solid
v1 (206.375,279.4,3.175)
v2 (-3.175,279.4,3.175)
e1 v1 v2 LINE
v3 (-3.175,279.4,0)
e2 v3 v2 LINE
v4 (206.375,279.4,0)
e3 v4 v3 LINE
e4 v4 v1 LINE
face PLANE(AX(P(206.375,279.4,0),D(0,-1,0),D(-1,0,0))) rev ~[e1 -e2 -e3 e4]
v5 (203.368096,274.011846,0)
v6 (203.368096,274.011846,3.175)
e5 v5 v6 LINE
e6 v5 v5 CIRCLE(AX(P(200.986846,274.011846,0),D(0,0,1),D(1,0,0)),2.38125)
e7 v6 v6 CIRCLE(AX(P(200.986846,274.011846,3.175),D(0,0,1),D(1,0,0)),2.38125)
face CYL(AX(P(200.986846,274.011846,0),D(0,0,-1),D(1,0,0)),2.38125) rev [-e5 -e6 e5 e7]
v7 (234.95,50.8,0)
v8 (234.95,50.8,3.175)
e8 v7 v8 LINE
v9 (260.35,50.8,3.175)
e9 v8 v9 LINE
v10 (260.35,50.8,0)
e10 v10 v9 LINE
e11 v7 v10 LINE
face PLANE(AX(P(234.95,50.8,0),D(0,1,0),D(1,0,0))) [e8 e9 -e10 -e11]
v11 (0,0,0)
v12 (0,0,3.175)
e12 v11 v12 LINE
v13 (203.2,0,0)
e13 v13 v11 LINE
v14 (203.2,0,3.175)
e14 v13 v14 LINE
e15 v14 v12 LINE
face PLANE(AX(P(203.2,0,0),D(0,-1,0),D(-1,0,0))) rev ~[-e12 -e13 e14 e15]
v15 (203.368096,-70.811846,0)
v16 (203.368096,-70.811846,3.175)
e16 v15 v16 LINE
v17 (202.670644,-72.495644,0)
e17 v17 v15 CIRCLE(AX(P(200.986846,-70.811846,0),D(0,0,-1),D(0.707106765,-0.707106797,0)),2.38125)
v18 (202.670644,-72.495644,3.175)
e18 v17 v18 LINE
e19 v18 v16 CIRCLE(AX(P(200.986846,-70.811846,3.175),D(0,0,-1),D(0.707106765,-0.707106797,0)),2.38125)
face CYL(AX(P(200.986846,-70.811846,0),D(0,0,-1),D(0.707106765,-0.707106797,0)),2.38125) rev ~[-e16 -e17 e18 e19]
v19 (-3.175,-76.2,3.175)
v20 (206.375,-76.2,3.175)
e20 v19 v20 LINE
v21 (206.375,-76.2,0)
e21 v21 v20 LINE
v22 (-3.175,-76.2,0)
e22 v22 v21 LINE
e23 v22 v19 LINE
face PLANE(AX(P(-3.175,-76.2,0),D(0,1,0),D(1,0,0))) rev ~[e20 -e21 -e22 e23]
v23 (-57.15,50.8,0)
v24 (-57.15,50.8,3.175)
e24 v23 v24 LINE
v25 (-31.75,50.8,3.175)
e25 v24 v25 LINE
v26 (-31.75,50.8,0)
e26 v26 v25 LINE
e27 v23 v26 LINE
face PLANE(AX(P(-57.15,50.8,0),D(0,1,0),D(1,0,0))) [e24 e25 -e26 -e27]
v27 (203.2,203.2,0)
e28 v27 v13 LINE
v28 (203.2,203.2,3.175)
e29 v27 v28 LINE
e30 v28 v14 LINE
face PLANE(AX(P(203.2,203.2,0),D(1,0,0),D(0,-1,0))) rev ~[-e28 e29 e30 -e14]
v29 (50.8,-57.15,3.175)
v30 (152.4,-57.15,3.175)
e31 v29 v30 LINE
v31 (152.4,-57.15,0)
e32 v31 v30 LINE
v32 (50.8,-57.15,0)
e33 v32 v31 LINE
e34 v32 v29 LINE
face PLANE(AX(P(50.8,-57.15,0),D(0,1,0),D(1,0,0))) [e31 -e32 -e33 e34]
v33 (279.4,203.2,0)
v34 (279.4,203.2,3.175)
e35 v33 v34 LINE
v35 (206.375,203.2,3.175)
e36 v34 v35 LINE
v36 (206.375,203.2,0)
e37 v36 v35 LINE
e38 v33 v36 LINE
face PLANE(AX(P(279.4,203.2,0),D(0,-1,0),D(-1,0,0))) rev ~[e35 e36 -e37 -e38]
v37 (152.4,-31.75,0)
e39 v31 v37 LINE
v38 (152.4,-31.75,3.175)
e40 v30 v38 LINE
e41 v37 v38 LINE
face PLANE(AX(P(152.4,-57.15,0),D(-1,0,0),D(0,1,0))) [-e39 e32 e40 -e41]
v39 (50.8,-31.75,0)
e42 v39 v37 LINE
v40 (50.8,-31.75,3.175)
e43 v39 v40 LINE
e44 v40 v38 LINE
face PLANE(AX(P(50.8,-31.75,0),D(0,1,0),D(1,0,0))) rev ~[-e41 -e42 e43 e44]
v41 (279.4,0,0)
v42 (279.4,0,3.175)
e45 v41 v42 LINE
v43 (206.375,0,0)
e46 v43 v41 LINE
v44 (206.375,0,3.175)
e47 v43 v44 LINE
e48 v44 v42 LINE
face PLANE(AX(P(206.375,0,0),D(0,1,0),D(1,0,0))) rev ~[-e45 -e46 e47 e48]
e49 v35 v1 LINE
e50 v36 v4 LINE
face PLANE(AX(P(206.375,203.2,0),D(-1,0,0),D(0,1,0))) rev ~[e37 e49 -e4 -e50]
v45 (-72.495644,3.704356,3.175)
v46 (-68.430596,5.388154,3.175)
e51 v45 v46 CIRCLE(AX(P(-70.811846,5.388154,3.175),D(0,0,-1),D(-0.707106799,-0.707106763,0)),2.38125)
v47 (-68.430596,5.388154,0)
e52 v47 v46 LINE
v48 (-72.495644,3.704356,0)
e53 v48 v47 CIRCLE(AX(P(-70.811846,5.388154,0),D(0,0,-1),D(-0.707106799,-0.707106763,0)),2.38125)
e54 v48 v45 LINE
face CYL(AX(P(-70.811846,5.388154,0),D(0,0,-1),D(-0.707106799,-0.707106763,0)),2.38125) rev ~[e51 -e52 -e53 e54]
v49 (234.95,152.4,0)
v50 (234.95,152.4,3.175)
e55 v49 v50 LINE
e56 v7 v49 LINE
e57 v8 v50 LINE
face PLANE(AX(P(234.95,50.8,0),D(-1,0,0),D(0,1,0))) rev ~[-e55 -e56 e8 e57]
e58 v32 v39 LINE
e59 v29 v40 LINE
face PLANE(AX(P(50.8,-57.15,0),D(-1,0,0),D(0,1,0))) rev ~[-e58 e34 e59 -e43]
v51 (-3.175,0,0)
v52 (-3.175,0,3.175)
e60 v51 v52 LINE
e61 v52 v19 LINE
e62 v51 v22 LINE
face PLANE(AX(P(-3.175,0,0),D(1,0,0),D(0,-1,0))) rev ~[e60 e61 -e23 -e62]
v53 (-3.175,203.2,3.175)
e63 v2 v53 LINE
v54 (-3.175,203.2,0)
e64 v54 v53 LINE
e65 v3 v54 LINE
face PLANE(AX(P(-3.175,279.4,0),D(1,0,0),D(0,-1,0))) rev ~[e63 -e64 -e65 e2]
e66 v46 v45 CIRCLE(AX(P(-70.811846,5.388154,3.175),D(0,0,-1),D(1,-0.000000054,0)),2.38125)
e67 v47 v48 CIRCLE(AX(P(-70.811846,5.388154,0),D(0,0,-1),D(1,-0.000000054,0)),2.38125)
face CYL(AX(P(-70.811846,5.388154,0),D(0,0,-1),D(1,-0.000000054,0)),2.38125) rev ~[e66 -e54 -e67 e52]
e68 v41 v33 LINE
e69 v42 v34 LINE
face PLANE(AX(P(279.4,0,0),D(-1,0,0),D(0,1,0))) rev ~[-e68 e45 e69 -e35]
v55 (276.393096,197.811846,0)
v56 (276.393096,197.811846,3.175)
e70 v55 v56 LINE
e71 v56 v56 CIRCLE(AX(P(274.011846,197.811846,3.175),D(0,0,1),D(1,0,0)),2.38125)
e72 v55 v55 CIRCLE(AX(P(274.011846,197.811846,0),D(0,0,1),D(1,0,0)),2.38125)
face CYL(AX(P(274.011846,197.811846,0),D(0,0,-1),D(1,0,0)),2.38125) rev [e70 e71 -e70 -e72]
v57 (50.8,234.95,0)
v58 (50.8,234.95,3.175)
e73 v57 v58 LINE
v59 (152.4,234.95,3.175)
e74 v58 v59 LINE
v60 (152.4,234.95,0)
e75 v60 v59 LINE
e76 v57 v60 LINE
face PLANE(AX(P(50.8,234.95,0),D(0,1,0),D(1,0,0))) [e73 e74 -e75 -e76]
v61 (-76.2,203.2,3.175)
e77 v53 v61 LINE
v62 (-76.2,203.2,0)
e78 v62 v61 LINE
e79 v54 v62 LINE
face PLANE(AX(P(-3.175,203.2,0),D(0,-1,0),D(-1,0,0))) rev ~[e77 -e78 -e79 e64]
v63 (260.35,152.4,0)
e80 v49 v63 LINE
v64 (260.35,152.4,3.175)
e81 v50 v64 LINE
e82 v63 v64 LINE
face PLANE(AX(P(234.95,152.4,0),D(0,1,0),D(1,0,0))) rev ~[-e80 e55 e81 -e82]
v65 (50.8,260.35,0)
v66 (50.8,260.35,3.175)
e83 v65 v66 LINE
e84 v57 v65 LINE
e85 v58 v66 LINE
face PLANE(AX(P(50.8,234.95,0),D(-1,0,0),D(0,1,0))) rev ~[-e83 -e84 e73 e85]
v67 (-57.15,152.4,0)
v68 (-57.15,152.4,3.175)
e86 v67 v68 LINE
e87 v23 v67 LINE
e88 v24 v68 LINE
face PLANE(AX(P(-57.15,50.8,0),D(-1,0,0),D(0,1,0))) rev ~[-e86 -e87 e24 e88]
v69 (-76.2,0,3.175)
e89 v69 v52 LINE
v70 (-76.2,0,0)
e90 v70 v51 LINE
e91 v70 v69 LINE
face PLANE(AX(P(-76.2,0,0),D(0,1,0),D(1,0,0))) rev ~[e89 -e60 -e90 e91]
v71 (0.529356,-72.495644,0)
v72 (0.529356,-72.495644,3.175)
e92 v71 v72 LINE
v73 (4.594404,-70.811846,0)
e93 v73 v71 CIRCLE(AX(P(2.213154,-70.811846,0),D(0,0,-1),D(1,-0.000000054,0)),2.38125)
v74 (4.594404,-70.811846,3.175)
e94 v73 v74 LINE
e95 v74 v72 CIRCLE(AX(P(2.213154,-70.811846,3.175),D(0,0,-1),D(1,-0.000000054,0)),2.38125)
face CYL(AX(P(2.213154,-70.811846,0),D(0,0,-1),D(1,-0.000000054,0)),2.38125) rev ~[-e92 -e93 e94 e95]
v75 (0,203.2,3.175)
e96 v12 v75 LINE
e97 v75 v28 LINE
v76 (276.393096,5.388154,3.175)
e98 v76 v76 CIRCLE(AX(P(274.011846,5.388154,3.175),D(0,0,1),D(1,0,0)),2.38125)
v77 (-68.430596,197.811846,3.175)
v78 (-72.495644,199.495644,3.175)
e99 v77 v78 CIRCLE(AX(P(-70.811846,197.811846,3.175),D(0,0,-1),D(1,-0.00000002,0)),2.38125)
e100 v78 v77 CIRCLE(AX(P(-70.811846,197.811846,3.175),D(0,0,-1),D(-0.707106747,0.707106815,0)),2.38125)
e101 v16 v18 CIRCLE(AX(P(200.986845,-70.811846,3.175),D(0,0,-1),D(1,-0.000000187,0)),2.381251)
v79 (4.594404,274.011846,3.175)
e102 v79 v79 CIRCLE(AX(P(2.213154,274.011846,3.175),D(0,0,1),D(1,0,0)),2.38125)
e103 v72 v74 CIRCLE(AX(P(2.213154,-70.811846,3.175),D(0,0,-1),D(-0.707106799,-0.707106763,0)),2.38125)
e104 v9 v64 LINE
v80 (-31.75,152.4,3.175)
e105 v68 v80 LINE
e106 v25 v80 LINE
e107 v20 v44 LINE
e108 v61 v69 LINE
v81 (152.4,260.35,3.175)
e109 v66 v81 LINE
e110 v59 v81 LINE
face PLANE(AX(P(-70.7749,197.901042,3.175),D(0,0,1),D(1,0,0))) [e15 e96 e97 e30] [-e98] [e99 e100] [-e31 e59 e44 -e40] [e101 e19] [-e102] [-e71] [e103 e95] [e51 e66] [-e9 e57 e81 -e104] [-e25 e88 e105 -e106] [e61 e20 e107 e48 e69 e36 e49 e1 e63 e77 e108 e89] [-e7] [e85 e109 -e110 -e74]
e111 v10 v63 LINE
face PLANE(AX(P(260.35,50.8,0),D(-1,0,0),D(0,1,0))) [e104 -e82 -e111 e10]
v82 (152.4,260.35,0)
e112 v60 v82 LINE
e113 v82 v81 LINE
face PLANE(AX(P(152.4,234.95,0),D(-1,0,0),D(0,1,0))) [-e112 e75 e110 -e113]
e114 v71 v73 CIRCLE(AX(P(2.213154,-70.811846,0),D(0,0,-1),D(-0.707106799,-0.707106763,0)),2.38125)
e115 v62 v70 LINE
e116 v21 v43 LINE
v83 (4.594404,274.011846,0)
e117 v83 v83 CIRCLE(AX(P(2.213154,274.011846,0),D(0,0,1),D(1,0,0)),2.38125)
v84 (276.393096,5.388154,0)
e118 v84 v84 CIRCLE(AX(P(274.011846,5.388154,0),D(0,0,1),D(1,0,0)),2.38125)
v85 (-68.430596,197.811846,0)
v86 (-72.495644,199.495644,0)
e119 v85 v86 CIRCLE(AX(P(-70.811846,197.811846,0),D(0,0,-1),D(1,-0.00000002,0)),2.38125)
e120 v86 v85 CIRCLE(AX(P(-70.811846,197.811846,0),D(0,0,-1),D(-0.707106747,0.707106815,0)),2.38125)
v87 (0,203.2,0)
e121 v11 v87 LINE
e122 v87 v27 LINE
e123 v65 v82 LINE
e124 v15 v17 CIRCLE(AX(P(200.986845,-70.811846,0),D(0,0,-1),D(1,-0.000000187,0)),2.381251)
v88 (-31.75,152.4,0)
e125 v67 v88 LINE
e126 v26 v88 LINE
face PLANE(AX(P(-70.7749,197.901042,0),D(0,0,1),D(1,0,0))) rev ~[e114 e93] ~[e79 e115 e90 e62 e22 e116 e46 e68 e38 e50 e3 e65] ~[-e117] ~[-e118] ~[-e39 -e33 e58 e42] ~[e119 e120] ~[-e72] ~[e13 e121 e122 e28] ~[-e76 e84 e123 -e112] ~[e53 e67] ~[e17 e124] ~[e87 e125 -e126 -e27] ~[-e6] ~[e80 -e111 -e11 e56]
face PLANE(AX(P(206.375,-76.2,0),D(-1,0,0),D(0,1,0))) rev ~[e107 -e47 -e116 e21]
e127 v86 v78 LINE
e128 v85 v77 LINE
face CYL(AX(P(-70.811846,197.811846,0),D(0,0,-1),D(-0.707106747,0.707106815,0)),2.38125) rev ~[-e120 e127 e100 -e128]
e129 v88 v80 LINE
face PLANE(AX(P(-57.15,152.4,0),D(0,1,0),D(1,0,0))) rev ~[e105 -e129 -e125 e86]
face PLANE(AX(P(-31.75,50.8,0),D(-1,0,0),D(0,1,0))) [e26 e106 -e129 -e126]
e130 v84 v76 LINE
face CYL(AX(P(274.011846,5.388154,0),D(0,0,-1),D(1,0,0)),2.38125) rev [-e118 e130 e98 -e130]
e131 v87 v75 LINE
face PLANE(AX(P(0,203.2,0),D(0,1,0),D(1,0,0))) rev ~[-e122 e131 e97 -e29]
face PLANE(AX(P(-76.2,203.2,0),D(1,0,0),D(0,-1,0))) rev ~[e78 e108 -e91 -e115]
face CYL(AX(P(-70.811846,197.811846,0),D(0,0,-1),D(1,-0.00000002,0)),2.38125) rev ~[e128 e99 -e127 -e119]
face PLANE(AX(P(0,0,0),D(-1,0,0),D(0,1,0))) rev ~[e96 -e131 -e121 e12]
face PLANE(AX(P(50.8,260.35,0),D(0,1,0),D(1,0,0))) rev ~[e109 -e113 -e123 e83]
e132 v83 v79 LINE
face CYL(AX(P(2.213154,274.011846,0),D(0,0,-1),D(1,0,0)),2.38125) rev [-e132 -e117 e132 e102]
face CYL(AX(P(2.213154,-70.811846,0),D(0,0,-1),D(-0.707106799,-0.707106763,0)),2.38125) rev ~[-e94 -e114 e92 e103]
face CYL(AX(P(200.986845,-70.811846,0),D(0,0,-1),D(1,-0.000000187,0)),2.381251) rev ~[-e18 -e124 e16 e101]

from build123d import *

# Parameters (mm, degrees)
F0_W     = 25.4
F0_H     = 101.6
F0_W_2   = 101.6
F0_H_2   = 25.4
F0_R     = 2.38125
F1_DEPTH = 3.175


with BuildPart() as f1:
    # F0 (on Top) → F1 (new body)
    with BuildSketch(Plane.XY):
        with BuildLine():
            ThreePointArc((-68.430596, 197.811846), (-69.900581, 200.011834), (-72.495644, 199.495644))
            ThreePointArc((-72.495644, 199.495644), (-71.723111, 195.611858), (-68.430596, 197.811846))
        make_face()
        with BuildLine():
            ThreePointArc((-68.430596, 5.388154), (-71.723111, 7.588142), (-72.495644, 3.704356))
            ThreePointArc((-72.495644, 3.704356), (-69.900581, 3.188166), (-68.430596, 5.388154))
        make_face()
        Polygon((-3.175, 0), (0, 0), (0, 101.6), (0, 203.2), (-3.175, 203.2), (-76.2, 203.2), (-76.2, 0), align=None)
        with BuildLine():
            ThreePointArc((-68.430596, 5.388154), (-69.900581, 3.188166), (-72.495644, 3.704356))
            ThreePointArc((-72.495644, 3.704356), (-71.723111, 7.588142), (-68.430596, 5.388154))
        make_face(mode=Mode.SUBTRACT)
        with Locations((-44.45, 101.6)):
            Rectangle(F0_W, F0_H, mode=Mode.SUBTRACT)
        with BuildLine():
            ThreePointArc((-68.430596, 197.811846), (-71.723111, 195.611858), (-72.495644, 199.495644))
            ThreePointArc((-72.495644, 199.495644), (-69.900581, 200.011834), (-68.430596, 197.811846))
        make_face(mode=Mode.SUBTRACT)
        with BuildLine():
            ThreePointArc((4.594404, -70.811846), (1.301889, -68.611858), (0.529356, -72.495644))
            ThreePointArc((0.529356, -72.495644), (3.124419, -73.011834), (4.594404, -70.811846))
        make_face()
        with BuildLine():
            ThreePointArc((203.368096, -70.811846), (198.786858, -69.900581), (202.670644, -72.495644))
            ThreePointArc((202.670644, -72.495644), (203.186834, -71.723111), (203.368096, -70.811846))
        make_face()
        Polygon((101.6, 0), (0, 0), (-3.175, 0), (-3.175, -76.2), (206.375, -76.2), (206.375, 0), (203.2, 0), align=None)
        with BuildLine():
            ThreePointArc((4.594404, -70.811846), (3.124419, -73.011834), (0.529356, -72.495644))
            ThreePointArc((0.529356, -72.495644), (1.301889, -68.611858), (4.594404, -70.811846))
        make_face(mode=Mode.SUBTRACT)
        with Locations((101.6, -44.45)):
            Rectangle(F0_W_2, F0_H_2, mode=Mode.SUBTRACT)
        with BuildLine():
            ThreePointArc((203.368096, -70.811846), (203.186834, -71.723111), (202.670644, -72.495644))
            ThreePointArc((202.670644, -72.495644), (198.786858, -69.900581), (203.368096, -70.811846))
        make_face(mode=Mode.SUBTRACT)
        Polygon((-3.175, 203.2), (0, 203.2), (101.6, 203.2), (203.2, 203.2), (206.375, 203.2), (206.375, 279.4), (-3.175, 279.4), align=None)
        with Locations((2.213154, 274.011846)):
            Circle(F0_R, mode=Mode.SUBTRACT)
        with Locations((101.6, 247.65)):
            Rectangle(F0_W_2, F0_H_2, mode=Mode.SUBTRACT)
        with Locations((200.986846, 274.011846)):
            Circle(F0_R, mode=Mode.SUBTRACT)
        Polygon((203.2, 101.6), (203.2, 0), (206.375, 0), (279.4, 0), (279.4, 203.2), (206.375, 203.2), (203.2, 203.2), align=None)
        with Locations((274.011846, 5.388154)):
            Circle(F0_R, mode=Mode.SUBTRACT)
        with Locations((247.65, 101.6)):
            Rectangle(F0_W, F0_H, mode=Mode.SUBTRACT)
        with Locations((274.011846, 197.811846)):
            Circle(F0_R, mode=Mode.SUBTRACT)
    extrude(amount=F1_DEPTH)


solid = f1.part
